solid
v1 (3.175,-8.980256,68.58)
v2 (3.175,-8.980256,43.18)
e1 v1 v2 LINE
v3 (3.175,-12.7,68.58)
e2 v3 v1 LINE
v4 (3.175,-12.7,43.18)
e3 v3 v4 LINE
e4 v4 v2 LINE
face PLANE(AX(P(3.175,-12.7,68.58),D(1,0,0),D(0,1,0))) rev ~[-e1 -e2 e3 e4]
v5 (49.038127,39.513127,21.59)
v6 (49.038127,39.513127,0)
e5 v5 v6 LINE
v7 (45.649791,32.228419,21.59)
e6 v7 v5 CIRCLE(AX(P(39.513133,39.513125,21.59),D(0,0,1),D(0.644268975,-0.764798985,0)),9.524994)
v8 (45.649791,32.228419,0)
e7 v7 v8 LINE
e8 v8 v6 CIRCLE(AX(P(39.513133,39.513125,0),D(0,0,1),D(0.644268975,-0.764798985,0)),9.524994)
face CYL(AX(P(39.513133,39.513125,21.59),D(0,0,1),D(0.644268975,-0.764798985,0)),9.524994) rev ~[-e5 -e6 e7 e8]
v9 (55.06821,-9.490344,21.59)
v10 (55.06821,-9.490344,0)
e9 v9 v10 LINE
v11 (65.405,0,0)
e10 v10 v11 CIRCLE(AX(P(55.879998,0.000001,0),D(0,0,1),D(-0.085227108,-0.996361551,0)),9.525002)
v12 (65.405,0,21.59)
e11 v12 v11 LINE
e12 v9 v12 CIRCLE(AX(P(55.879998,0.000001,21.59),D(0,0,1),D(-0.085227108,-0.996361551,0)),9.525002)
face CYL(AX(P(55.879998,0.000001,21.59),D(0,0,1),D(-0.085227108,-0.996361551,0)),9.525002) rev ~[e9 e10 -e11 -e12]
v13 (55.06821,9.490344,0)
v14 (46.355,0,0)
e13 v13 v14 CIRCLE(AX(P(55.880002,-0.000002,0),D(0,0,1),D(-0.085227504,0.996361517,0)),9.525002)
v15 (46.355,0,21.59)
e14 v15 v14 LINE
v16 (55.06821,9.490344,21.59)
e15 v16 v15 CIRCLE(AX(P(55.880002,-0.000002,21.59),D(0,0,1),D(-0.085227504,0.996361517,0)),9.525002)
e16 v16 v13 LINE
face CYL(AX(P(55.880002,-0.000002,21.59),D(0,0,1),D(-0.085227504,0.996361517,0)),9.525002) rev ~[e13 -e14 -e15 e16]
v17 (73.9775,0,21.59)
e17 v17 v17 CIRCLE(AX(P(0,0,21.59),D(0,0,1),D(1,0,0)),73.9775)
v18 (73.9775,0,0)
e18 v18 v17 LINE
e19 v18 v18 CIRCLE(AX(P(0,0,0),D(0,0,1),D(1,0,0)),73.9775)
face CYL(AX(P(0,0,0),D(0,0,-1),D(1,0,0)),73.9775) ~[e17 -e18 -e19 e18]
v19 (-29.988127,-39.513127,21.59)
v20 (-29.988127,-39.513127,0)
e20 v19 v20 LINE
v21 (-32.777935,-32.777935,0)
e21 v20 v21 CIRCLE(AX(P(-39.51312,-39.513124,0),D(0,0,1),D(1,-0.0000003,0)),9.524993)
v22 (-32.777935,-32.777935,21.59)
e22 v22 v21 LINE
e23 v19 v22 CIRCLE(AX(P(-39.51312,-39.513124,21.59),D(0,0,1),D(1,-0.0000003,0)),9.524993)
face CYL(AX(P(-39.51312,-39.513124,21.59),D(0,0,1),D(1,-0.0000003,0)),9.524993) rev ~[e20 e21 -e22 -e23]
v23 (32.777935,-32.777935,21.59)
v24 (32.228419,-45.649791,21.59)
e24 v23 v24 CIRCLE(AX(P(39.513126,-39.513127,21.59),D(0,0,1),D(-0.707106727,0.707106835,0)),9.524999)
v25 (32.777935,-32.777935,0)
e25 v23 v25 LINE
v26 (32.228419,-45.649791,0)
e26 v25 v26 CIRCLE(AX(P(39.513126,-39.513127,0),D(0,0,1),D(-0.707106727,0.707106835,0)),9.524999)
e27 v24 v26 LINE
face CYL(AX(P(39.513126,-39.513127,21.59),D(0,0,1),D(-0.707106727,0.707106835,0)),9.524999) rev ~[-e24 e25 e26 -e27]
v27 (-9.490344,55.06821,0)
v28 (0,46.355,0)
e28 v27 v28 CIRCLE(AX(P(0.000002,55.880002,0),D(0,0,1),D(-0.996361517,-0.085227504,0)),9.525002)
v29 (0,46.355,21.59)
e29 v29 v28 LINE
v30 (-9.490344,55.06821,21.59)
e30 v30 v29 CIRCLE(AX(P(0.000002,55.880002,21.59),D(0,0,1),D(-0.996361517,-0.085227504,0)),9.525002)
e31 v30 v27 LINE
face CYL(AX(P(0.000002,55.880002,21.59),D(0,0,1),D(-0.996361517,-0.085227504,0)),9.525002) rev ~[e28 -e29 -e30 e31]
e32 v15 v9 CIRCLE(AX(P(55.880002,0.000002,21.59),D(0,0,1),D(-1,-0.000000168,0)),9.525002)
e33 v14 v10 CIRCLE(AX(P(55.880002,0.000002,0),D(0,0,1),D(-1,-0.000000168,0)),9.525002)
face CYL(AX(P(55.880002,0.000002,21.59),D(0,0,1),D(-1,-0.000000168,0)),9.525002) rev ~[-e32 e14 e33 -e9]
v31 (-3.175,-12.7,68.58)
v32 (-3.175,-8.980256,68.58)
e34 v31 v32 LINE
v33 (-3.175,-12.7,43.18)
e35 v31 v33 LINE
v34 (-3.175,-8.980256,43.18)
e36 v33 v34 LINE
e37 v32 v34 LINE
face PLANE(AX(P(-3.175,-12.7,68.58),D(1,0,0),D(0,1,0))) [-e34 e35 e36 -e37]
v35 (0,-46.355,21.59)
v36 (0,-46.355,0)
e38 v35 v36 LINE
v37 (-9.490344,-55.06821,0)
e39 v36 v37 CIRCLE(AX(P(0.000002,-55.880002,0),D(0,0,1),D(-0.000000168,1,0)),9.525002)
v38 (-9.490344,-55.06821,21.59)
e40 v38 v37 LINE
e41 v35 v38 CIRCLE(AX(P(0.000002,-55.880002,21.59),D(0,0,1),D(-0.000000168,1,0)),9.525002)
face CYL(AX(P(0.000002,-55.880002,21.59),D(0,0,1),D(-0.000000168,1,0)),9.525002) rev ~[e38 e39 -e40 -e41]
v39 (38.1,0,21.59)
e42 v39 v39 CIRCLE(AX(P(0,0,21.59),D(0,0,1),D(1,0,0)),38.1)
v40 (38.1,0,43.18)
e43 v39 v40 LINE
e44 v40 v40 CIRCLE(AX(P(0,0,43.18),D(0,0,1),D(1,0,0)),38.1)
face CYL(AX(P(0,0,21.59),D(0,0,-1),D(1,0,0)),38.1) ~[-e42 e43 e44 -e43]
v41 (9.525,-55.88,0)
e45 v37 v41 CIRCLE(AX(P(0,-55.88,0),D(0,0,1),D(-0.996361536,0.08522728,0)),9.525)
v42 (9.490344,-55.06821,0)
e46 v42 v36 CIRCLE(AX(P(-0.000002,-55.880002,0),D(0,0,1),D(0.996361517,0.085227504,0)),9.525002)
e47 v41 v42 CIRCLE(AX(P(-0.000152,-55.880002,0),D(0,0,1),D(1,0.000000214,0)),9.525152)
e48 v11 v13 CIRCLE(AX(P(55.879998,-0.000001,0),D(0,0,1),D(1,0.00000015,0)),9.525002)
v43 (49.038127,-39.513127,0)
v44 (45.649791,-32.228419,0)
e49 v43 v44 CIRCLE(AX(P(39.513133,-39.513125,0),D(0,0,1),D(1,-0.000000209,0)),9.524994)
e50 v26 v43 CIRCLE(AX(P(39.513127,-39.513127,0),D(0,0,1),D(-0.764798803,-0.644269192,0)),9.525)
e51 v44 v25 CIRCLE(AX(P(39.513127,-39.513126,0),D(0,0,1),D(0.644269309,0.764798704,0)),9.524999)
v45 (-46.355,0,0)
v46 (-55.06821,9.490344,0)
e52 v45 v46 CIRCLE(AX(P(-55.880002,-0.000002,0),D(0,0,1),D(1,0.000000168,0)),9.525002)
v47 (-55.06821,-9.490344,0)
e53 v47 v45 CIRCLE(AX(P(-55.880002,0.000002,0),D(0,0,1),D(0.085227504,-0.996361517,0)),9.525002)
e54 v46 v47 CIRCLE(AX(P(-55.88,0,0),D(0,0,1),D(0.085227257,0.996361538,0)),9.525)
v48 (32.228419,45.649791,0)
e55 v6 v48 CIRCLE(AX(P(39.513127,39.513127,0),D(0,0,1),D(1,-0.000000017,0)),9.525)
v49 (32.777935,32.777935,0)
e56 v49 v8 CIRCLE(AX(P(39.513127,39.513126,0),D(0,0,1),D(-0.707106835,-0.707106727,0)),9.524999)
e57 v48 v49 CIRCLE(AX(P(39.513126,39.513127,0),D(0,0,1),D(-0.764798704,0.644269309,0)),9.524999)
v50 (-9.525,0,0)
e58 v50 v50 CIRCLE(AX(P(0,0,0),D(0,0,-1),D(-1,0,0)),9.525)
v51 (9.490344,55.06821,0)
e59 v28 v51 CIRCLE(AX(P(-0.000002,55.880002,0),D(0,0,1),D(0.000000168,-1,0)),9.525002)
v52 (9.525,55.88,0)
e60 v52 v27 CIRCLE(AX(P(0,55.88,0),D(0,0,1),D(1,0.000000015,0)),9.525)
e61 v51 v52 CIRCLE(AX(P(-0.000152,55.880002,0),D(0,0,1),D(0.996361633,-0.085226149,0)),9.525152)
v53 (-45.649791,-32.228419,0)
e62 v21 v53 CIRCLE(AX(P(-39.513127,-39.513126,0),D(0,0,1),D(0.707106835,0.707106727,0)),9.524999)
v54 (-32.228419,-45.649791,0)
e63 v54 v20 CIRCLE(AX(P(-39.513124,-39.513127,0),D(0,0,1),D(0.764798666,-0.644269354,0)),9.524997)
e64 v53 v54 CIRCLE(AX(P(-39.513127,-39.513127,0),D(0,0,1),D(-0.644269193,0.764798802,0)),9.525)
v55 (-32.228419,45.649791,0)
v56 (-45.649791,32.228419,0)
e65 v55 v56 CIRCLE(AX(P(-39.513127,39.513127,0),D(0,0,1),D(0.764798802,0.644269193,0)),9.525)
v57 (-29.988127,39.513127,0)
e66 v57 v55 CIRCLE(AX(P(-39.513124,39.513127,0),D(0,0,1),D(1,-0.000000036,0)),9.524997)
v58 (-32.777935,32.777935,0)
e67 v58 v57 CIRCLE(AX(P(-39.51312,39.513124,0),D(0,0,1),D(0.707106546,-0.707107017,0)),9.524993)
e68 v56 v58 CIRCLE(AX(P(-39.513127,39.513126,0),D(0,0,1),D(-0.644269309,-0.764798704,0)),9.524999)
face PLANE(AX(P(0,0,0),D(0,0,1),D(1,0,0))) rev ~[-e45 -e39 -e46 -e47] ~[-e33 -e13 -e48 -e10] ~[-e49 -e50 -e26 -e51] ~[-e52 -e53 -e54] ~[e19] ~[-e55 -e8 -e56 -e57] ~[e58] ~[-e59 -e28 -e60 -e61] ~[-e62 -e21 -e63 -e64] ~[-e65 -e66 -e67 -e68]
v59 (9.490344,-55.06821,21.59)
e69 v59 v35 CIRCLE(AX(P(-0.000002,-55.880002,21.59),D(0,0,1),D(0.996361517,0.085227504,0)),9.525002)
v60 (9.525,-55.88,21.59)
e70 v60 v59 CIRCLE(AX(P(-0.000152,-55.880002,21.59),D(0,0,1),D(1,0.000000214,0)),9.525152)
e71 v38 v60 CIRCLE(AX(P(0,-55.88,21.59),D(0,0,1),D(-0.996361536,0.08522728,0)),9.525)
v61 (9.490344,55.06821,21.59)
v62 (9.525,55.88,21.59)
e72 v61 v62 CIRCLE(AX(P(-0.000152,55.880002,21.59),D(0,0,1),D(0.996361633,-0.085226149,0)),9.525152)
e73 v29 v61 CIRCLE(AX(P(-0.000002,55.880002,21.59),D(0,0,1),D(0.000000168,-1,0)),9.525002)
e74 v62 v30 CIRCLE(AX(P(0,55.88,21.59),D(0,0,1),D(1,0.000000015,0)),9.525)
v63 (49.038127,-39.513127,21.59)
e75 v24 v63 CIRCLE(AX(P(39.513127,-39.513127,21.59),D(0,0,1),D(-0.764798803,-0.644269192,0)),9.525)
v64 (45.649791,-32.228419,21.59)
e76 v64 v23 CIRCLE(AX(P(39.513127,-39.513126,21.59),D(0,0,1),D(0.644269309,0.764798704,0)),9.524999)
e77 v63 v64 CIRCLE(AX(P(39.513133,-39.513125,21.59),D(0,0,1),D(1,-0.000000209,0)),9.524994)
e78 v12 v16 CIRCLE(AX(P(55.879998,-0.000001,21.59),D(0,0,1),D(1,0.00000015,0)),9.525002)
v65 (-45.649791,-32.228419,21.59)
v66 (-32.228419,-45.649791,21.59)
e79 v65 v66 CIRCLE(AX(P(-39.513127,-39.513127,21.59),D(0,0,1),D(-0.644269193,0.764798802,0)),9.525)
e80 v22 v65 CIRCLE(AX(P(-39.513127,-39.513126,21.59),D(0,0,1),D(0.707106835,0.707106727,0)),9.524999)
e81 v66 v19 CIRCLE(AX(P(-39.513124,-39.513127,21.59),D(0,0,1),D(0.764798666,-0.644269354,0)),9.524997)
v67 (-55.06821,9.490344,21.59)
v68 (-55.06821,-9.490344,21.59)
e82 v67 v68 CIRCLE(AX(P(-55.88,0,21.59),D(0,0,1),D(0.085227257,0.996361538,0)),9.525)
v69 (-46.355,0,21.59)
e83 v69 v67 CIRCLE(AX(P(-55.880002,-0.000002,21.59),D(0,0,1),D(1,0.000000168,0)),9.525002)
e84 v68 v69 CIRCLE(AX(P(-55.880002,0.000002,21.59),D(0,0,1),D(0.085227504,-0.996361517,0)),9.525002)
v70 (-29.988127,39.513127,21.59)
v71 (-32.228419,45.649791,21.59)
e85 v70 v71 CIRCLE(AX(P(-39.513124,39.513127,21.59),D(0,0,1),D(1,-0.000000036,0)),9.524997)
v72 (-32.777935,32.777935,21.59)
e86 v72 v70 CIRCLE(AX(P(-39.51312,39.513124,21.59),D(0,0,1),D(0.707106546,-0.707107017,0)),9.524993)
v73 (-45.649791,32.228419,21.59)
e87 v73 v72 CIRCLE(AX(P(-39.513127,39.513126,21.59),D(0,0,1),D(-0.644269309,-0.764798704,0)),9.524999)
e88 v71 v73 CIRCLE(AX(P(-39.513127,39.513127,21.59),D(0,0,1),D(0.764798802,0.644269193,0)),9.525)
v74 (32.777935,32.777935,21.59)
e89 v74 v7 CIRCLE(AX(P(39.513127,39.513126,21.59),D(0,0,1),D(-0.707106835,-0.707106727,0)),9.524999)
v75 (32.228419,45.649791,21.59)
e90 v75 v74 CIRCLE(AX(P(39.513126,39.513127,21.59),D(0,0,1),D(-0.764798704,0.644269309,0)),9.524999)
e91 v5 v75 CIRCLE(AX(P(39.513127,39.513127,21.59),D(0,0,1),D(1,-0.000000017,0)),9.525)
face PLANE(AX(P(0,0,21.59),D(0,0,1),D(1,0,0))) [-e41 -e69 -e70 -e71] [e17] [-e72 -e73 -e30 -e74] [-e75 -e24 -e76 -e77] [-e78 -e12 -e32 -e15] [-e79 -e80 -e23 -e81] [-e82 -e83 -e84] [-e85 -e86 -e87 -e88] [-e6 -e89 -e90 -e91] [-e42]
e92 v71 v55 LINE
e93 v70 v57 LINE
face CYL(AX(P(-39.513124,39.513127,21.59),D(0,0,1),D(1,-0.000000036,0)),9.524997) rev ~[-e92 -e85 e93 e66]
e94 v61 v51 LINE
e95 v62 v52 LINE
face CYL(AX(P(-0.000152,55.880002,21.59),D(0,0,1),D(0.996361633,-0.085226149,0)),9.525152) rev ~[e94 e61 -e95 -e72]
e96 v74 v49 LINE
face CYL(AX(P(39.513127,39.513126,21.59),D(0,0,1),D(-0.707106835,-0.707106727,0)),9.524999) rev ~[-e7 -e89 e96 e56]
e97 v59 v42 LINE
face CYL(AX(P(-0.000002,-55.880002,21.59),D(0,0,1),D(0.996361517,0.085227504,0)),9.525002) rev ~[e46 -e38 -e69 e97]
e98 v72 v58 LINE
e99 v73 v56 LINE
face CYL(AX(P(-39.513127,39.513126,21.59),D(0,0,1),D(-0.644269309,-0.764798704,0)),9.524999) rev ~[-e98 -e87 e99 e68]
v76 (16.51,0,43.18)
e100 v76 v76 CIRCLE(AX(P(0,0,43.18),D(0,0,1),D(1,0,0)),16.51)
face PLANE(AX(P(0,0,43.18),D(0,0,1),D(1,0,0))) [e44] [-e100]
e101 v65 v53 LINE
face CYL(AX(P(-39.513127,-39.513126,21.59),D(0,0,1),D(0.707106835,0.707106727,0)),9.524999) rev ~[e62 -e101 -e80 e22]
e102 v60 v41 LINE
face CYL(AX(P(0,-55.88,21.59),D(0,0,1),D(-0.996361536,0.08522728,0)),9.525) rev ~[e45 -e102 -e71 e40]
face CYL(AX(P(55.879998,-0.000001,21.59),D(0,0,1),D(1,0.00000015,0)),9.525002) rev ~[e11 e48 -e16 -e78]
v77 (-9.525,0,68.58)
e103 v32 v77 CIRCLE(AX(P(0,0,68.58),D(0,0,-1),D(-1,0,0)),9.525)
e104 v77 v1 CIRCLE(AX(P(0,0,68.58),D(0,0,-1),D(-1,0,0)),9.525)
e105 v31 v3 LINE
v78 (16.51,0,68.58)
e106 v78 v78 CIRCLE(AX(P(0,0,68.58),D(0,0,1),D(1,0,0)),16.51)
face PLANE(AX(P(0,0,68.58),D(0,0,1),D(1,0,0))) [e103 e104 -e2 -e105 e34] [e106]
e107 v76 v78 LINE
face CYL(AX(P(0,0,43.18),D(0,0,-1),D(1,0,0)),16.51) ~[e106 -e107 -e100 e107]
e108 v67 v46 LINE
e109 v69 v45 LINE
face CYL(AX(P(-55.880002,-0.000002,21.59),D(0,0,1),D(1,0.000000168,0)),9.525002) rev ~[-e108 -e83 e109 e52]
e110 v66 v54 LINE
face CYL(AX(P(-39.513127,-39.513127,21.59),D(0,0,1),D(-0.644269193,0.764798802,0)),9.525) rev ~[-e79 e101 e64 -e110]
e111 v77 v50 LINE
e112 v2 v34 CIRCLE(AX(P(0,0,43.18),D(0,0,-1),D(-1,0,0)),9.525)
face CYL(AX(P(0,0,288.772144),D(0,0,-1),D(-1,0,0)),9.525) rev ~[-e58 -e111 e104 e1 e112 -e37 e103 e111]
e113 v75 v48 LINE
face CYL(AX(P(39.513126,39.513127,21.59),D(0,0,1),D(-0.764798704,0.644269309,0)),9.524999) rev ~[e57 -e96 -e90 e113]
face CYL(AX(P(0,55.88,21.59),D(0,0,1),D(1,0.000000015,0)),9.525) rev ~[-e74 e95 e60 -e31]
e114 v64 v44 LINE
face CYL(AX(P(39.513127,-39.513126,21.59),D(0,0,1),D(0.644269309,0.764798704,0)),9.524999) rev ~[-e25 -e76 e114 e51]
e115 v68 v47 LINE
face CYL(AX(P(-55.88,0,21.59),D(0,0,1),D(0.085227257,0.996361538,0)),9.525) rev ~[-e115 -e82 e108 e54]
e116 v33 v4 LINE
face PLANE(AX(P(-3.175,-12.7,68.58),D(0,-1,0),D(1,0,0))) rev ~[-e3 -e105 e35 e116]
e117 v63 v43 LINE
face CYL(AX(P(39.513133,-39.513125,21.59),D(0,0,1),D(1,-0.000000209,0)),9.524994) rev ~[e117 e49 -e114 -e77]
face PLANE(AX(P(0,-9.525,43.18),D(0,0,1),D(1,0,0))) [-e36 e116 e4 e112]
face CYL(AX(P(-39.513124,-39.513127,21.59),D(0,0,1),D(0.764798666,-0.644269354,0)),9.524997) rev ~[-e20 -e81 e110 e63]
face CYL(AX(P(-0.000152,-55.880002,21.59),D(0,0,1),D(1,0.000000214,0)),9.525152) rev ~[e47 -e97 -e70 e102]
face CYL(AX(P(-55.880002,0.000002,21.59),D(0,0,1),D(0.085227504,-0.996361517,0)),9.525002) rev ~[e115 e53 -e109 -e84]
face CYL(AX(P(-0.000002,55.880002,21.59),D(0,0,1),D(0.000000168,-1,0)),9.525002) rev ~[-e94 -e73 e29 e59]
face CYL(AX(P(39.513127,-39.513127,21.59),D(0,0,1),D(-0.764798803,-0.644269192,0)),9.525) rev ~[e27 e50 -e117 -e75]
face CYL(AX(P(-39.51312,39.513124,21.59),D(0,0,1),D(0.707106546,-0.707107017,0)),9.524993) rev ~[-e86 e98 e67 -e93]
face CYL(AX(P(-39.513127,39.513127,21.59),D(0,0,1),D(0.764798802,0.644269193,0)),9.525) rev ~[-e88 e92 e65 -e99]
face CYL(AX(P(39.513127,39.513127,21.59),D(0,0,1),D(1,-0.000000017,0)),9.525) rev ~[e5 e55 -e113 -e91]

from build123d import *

# Parameters (mm, degrees)
F0_R      = 73.9775
F1_DEPTH  = 21.59
F3_DEPTH  = 21.591
F4_R      = 38.1
F5_DEPTH  = 21.59
F6_R      = 16.51
F7_DEPTH  = 25.4
F9_D      = 19.05
F10_W     = 6.35
F10_H     = 6.35
F11_DEPTH = 25.4


with BuildPart() as f1:
    # F0 (on Top) → F1 (new body)
    with BuildSketch(Plane.XY):
        Circle(F0_R)
    extrude(amount=F1_DEPTH)

    # F2 (on face) → F3 (cut, through all)
    with BuildSketch(Plane.XY.offset(21.59)):
        with BuildLine():
            ThreePointArc((-45.649791, 32.228419), (-42.736956, 36.001764), (-39.513127, 39.513127))
            ThreePointArc((-39.513127, 39.513127), (-36.001764, 42.736956), (-32.228419, 45.649791))
            ThreePointArc((-32.228419, 45.649791), (-46.248319, 46.248319), (-45.649791, 32.228419))
        make_face()
        with BuildLine():
            Line((-39.513127, 39.513127), (-32.777935, 32.777935))
            ThreePointArc((-32.777935, 32.777935), (-30.713174, 35.868067), (-29.988127, 39.513127))
            ThreePointArc((-29.988127, 39.513127), (-30.565712, 42.77953), (-32.228419, 45.649791))
            ThreePointArc((-32.228419, 45.649791), (-36.001764, 42.736956), (-39.513127, 39.513127))
        make_face()
        with BuildLine():
            ThreePointArc((-45.649791, 32.228419), (-39.106862, 29.996795), (-32.777935, 32.777935))
            Line((-32.777935, 32.777935), (-39.513127, 39.513127))
            ThreePointArc((-39.513127, 39.513127), (-42.736956, 36.001764), (-45.649791, 32.228419))
        make_face()
        with BuildLine():
            ThreePointArc((-9.490344, 55.06821), (-4.7625, 55.676683), (0, 55.88))
            ThreePointArc((0, 55.88), (4.7625, 55.676683), (9.490344, 55.06821))
            ThreePointArc((9.490344, 55.06821), (9.516332, 55.473735), (9.525, 55.88))
            ThreePointArc((9.525, 55.88), (-0.406265, 65.396332), (-9.490344, 55.06821))
        make_face()
        with BuildLine():
            Line((0, 55.88), (0, 46.355))
            ThreePointArc((0, 46.355), (6.44179, 48.863665), (9.490344, 55.06821))
            ThreePointArc((9.490344, 55.06821), (4.7625, 55.676683), (0, 55.88))
        make_face()
        with BuildLine():
            ThreePointArc((-9.490344, 55.06821), (-6.44179, 48.863665), (0, 46.355))
            Line((0, 46.355), (0, 55.88))
            ThreePointArc((0, 55.88), (-4.7625, 55.676683), (-9.490344, 55.06821))
        make_face()
        with BuildLine():
            ThreePointArc((32.777935, 32.777935), (39.106862, 29.996795), (45.649791, 32.228419))
            ThreePointArc((45.649791, 32.228419), (42.736956, 36.001764), (39.513127, 39.513127))
            Line((39.513127, 39.513127), (32.777935, 32.777935))
        make_face()
        with BuildLine():
            Line((32.777935, 32.777935), (39.513127, 39.513127))
            ThreePointArc((39.513127, 39.513127), (36.001764, 42.736956), (32.228419, 45.649791))
            ThreePointArc((32.228419, 45.649791), (29.996795, 39.106862), (32.777935, 32.777935))
        make_face()
        with BuildLine():
            ThreePointArc((39.513127, 39.513127), (42.736956, 36.001764), (45.649791, 32.228419))
            ThreePointArc((45.649791, 32.228419), (48.149601, 35.496045), (49.038127, 39.513127))
            ThreePointArc((49.038127, 39.513127), (42.77953, 48.460542), (32.228419, 45.649791))
            ThreePointArc((32.228419, 45.649791), (36.001764, 42.736956), (39.513127, 39.513127))
        make_face()
        with BuildLine():
            ThreePointArc((55.06821, -9.490344), (55.676683, -4.7625), (55.88, 0))
            Line((55.88, 0), (46.355, 0))
            ThreePointArc((46.355, 0), (48.863665, -6.44179), (55.06821, -9.490344))
        make_face()
        with BuildLine():
            ThreePointArc((55.06821, 9.490344), (55.676683, 4.7625), (55.88, 0))
            ThreePointArc((55.88, 0), (55.676683, -4.7625), (55.06821, -9.490344))
            ThreePointArc((55.06821, -9.490344), (62.32179, -7.016335), (65.405, 0))
            ThreePointArc((65.405, 0), (62.32179, 7.016335), (55.06821, 9.490344))
        make_face()
        with BuildLine():
            Line((46.355, 0), (55.88, 0))
            ThreePointArc((55.88, 0), (55.676683, 4.7625), (55.06821, 9.490344))
            ThreePointArc((55.06821, 9.490344), (48.863665, 6.44179), (46.355, 0))
        make_face()
        with BuildLine():
            ThreePointArc((32.228419, -45.649791), (36.001764, -42.736956), (39.513127, -39.513127))
            Line((39.513127, -39.513127), (32.777935, -32.777935))
            ThreePointArc((32.777935, -32.777935), (29.996795, -39.106862), (32.228419, -45.649791))
        make_face()
        with BuildLine():
            ThreePointArc((39.513127, -39.513127), (42.736956, -36.001764), (45.649791, -32.228419))
            ThreePointArc((45.649791, -32.228419), (39.106862, -29.996795), (32.777935, -32.777935))
            Line((32.777935, -32.777935), (39.513127, -39.513127))
        make_face()
        with BuildLine():
            ThreePointArc((49.038127, -39.513127), (48.149601, -35.496045), (45.649791, -32.228419))
            ThreePointArc((45.649791, -32.228419), (42.736956, -36.001764), (39.513127, -39.513127))
            ThreePointArc((39.513127, -39.513127), (36.001764, -42.736956), (32.228419, -45.649791))
            ThreePointArc((32.228419, -45.649791), (42.77953, -48.460542), (49.038127, -39.513127))
        make_face()
        with BuildLine():
            ThreePointArc((9.490344, -55.06821), (6.44179, -48.863665), (0, -46.355))
            Line((0, -46.355), (0, -55.88))
            ThreePointArc((0, -55.88), (4.7625, -55.676683), (9.490344, -55.06821))
        make_face()
        with BuildLine():
            Line((0, -55.88), (0, -46.355))
            ThreePointArc((0, -46.355), (-6.44179, -48.863665), (-9.490344, -55.06821))
            ThreePointArc((-9.490344, -55.06821), (-4.7625, -55.676683), (0, -55.88))
        make_face()
        with BuildLine():
            ThreePointArc((9.490344, -55.06821), (4.7625, -55.676683), (0, -55.88))
            ThreePointArc((0, -55.88), (-4.7625, -55.676683), (-9.490344, -55.06821))
            ThreePointArc((-9.490344, -55.06821), (-0.406265, -65.396332), (9.525, -55.88))
            ThreePointArc((9.525, -55.88), (9.516332, -55.473735), (9.490344, -55.06821))
        make_face()
        with BuildLine():
            ThreePointArc((-32.228419, -45.649791), (-36.001764, -42.736956), (-39.513127, -39.513127))
            ThreePointArc((-39.513127, -39.513127), (-42.736956, -36.001764), (-45.649791, -32.228419))
            ThreePointArc((-45.649791, -32.228419), (-46.248319, -46.248319), (-32.228419, -45.649791))
        make_face()
        with BuildLine():
            ThreePointArc((-29.988127, -39.513127), (-30.713174, -35.868067), (-32.777935, -32.777935))
            Line((-32.777935, -32.777935), (-39.513127, -39.513127))
            ThreePointArc((-39.513127, -39.513127), (-36.001764, -42.736956), (-32.228419, -45.649791))
            ThreePointArc((-32.228419, -45.649791), (-30.565712, -42.77953), (-29.988127, -39.513127))
        make_face()
        with BuildLine():
            Line((-39.513127, -39.513127), (-32.777935, -32.777935))
            ThreePointArc((-32.777935, -32.777935), (-39.106862, -29.996795), (-45.649791, -32.228419))
            ThreePointArc((-45.649791, -32.228419), (-42.736956, -36.001764), (-39.513127, -39.513127))
        make_face()
        with BuildLine():
            ThreePointArc((-55.06821, -9.490344), (-55.676683, -4.7625), (-55.88, 0))
            ThreePointArc((-55.88, 0), (-55.676683, 4.7625), (-55.06821, 9.490344))
            ThreePointArc((-55.06821, 9.490344), (-65.405, 0), (-55.06821, -9.490344))
        make_face()
        with BuildLine():
            Line((-55.88, 0), (-46.355, 0))
            ThreePointArc((-46.355, 0), (-48.863665, 6.44179), (-55.06821, 9.490344))
            ThreePointArc((-55.06821, 9.490344), (-55.676683, 4.7625), (-55.88, 0))
        make_face()
        with BuildLine():
            ThreePointArc((-55.06821, -9.490344), (-48.863665, -6.44179), (-46.355, 0))
            Line((-46.355, 0), (-55.88, 0))
            ThreePointArc((-55.88, 0), (-55.676683, -4.7625), (-55.06821, -9.490344))
        make_face()
    extrude(amount=-F3_DEPTH, mode=Mode.SUBTRACT)

    # F4 (on face) → F5 (join)
    with BuildSketch(Plane.XY.offset(21.59)):
        Circle(F4_R)
    extrude(amount=F5_DEPTH)

    # F6 (on face) → F7 (join)
    with BuildSketch(Plane.XY.offset(43.18)):
        Circle(F6_R)
    extrude(amount=F7_DEPTH)

    # F9 (through all)
    with Locations(Plane.XY.offset(68.58)):
        with Locations((0, 0)):
            Hole(F9_D / 2)

    # F10 (on face) → F11 (cut)
    with BuildSketch(Plane.XY.offset(68.58)):
        with Locations((0, -9.525)):
            Rectangle(F10_W, F10_H)
    extrude(amount=-F11_DEPTH, mode=Mode.SUBTRACT)


solid = f1.part
